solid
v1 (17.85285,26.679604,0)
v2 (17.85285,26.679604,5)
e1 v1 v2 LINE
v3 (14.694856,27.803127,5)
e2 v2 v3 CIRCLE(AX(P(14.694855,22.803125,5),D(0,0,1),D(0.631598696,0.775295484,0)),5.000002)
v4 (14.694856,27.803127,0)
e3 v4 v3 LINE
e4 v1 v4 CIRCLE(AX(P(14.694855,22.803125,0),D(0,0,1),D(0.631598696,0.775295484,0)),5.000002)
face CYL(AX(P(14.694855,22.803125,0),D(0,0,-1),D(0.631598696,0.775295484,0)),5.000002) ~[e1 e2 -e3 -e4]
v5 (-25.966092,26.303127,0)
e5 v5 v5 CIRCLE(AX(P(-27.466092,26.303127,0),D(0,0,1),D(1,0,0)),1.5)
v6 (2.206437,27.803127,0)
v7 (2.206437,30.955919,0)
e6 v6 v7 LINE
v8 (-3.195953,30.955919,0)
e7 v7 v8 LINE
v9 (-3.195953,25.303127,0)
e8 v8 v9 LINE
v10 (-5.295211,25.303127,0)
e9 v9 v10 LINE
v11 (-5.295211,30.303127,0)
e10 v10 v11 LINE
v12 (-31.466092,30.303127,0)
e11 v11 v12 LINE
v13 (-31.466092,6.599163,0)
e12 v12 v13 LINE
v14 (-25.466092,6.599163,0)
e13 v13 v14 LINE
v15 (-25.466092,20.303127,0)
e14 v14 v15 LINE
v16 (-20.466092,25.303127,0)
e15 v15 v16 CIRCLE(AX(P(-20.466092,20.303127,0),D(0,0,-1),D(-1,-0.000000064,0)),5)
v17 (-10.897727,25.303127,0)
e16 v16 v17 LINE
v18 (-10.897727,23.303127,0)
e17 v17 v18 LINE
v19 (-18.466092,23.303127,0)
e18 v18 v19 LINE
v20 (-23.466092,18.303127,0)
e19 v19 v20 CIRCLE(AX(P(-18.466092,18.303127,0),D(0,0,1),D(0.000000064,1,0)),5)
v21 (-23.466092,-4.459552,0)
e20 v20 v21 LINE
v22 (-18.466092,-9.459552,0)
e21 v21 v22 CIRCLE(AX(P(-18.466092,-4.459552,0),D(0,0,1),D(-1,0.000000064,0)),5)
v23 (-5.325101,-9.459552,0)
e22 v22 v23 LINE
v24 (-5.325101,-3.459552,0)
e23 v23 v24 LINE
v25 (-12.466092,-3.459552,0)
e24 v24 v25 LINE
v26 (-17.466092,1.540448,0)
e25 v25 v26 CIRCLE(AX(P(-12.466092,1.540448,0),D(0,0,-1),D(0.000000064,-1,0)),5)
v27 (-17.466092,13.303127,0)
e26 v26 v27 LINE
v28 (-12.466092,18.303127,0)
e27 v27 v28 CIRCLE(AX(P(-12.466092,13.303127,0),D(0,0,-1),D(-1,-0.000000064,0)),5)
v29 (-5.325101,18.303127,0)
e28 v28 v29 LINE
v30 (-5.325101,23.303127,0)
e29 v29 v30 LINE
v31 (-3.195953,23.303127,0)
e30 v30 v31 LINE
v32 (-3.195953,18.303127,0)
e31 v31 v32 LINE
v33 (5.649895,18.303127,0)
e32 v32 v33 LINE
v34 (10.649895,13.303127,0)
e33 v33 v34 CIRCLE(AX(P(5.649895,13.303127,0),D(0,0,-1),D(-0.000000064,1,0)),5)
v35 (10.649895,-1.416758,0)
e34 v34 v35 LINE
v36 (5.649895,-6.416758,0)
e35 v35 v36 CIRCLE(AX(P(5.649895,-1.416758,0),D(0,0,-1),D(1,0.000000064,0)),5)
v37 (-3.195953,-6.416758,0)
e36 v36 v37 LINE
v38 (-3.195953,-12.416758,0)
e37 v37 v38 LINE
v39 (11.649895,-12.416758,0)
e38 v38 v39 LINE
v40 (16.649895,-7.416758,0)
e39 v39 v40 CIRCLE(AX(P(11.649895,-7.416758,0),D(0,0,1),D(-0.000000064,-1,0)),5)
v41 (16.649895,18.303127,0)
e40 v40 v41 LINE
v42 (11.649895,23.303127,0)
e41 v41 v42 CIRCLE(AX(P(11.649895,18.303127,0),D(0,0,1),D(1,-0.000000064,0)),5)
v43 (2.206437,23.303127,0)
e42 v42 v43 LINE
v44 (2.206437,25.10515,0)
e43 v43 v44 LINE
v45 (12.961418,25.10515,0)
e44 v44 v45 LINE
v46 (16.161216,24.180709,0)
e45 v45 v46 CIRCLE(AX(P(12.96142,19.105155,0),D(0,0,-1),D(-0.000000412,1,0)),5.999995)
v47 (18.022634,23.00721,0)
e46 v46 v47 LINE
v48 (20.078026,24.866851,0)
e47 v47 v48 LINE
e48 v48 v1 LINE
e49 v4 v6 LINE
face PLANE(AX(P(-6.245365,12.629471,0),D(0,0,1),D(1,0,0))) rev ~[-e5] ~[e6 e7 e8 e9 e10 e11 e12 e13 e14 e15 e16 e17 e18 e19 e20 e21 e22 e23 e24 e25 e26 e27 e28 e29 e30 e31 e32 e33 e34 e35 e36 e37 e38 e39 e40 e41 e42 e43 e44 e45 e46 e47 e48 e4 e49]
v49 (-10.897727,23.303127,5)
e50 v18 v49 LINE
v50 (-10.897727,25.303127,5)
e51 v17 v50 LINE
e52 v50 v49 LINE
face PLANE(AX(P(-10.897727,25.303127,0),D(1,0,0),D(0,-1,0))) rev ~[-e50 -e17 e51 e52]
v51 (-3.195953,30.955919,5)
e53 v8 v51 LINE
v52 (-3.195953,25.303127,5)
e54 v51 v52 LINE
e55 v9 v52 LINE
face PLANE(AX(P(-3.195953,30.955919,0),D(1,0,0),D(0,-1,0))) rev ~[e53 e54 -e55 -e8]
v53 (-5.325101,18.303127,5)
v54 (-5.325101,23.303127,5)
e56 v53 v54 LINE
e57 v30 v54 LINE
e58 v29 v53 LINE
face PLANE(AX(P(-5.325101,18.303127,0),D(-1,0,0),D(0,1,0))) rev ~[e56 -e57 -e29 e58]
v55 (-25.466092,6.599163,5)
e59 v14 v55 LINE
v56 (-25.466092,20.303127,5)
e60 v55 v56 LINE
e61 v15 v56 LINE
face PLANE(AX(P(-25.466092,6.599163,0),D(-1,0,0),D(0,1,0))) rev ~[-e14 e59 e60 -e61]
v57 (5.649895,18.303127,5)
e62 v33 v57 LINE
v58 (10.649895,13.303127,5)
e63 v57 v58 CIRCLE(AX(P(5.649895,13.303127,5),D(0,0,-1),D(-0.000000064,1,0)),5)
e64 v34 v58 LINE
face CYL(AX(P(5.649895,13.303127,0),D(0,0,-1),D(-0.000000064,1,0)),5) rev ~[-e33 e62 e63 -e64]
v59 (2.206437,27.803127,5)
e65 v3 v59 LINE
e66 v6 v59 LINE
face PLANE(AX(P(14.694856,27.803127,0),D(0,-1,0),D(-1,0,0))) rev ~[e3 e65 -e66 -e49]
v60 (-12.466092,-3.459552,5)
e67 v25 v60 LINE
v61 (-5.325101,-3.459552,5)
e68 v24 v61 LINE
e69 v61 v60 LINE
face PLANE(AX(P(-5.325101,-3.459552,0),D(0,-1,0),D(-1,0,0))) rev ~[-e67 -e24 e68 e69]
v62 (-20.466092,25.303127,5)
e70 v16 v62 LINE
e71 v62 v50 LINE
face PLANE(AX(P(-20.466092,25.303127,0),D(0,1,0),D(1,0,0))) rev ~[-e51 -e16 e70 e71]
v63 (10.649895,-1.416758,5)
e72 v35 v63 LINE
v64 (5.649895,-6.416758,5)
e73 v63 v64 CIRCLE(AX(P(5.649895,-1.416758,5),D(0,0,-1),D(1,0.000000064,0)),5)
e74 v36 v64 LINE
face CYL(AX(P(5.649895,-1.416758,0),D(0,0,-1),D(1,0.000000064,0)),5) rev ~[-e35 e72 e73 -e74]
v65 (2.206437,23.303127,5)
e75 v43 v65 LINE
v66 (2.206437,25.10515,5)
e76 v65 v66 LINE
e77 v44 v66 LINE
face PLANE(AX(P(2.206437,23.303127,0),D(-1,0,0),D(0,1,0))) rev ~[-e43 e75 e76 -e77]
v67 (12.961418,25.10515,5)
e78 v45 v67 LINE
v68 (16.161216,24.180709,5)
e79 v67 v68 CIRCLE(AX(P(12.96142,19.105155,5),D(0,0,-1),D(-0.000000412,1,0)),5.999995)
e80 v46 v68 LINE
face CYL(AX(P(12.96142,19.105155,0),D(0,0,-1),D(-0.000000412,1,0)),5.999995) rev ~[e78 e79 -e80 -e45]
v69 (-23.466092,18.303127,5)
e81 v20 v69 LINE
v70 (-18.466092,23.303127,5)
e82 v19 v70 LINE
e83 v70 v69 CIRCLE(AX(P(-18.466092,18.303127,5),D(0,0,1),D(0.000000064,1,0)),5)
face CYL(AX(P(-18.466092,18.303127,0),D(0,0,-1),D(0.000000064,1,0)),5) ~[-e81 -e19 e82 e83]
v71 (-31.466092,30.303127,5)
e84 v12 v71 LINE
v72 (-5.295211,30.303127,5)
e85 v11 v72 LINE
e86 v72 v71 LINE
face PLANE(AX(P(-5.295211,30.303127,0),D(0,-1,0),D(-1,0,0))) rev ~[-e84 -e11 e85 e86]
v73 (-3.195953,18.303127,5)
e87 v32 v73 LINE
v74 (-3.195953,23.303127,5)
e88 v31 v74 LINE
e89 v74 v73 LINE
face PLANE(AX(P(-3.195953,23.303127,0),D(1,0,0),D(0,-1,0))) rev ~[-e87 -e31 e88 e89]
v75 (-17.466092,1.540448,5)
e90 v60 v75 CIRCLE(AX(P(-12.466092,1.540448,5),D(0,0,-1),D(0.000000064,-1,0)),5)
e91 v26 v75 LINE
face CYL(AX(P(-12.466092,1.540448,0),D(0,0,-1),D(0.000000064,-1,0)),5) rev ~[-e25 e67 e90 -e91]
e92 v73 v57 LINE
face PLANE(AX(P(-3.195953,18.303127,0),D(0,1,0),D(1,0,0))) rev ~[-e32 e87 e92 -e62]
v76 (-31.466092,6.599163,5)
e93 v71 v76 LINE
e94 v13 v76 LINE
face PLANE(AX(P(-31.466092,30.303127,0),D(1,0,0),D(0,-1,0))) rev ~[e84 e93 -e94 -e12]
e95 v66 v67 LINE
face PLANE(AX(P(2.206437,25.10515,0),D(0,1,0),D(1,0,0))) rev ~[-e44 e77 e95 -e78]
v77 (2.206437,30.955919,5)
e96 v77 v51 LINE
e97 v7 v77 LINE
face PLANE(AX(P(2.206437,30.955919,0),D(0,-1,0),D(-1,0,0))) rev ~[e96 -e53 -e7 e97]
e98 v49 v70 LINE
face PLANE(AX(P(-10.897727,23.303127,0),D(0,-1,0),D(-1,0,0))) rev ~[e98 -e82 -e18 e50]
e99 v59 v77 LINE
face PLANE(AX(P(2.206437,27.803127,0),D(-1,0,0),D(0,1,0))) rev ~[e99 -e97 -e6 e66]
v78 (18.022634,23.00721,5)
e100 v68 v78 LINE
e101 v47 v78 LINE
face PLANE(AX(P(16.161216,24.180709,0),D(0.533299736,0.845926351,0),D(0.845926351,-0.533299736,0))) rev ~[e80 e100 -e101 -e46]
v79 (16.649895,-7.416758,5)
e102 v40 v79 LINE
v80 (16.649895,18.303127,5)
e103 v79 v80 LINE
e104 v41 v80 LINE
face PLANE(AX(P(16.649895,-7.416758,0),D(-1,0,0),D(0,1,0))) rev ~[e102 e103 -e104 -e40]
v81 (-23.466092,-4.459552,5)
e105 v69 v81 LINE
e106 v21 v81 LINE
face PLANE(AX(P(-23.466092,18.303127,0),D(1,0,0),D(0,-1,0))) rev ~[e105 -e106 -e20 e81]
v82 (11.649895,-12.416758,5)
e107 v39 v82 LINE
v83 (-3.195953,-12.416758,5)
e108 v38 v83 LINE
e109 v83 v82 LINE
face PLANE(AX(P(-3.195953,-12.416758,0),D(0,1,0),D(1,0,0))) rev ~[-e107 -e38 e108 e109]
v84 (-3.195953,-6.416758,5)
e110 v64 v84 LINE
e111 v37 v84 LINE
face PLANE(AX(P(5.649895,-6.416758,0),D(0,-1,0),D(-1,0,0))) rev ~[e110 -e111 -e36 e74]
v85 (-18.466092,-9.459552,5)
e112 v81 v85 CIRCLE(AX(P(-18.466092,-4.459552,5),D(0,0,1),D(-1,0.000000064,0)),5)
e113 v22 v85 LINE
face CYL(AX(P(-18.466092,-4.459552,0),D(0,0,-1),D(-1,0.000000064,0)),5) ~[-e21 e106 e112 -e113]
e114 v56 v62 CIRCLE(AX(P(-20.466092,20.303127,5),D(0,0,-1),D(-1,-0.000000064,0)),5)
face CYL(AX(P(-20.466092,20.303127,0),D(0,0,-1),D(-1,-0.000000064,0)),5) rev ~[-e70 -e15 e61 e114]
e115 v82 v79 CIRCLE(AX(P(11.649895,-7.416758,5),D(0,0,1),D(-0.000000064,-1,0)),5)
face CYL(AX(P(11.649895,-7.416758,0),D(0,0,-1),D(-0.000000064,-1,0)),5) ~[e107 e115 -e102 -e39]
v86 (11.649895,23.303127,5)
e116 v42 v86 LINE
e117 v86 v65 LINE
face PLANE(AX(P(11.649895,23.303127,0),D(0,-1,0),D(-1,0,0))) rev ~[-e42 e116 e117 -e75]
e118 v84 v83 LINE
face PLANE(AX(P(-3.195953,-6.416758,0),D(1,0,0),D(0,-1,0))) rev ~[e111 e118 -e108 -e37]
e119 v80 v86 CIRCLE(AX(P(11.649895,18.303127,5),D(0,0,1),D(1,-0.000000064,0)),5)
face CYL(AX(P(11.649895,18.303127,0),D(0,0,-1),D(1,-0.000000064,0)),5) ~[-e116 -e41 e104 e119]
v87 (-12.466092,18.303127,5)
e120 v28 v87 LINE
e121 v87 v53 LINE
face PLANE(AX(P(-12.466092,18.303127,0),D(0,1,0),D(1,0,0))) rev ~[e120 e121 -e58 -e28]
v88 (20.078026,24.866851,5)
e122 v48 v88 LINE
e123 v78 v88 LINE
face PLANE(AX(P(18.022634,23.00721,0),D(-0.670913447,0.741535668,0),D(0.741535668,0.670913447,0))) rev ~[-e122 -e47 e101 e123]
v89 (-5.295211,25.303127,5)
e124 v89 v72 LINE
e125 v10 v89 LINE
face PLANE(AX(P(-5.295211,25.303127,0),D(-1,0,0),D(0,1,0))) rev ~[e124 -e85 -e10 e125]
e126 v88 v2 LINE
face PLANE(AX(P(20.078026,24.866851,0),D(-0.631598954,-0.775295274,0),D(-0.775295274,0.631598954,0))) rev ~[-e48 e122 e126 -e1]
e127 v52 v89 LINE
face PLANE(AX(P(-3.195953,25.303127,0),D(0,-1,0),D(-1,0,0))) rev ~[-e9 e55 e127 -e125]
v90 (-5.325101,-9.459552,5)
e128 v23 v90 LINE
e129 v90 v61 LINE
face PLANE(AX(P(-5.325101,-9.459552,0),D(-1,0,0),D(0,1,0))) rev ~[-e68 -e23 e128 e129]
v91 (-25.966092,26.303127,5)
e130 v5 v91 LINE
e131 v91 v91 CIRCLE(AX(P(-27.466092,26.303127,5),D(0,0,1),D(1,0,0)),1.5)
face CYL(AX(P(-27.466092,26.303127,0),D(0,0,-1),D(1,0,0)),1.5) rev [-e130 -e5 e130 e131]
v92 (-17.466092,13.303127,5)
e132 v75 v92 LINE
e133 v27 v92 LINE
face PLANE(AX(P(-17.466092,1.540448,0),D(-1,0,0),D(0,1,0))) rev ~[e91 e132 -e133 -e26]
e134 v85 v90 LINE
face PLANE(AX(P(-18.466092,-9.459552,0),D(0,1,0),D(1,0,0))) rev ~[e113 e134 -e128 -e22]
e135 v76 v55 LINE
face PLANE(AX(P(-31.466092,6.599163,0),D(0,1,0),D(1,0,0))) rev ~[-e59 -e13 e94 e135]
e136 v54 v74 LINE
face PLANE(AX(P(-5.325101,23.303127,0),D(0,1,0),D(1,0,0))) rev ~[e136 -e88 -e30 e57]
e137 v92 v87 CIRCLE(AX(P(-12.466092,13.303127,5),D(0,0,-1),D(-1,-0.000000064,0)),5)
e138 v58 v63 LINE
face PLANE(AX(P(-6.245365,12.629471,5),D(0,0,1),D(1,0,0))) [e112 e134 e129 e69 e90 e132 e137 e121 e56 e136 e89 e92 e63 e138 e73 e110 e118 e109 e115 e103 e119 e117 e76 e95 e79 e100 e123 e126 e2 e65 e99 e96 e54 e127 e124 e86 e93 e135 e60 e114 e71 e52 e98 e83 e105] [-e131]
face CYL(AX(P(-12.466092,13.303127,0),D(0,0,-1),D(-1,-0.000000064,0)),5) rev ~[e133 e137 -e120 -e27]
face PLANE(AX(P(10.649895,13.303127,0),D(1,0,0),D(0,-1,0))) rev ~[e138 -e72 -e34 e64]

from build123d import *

# Parameters (mm, degrees)
F0_R     = 1.5
F1_DEPTH = 5


with BuildPart() as f1:
    # F0 (on Top) → F1 (new body)
    with BuildSketch(Plane.XY):
        with BuildLine():
            Line((-20.466092, 25.303127), (-10.897727, 25.303127))
            Line((-10.897727, 25.303127), (-10.897727, 23.303127))
            Line((-10.897727, 23.303127), (-18.466092, 23.303127))
            ThreePointArc((-18.466092, 23.303127), (-22.001626, 21.838661), (-23.466092, 18.303127))
            Line((-23.466092, 18.303127), (-23.466092, 15.104749))
            Line((-23.466092, 15.104749), (-23.466092, 9.20962))
            Line((-23.466092, 9.20962), (-23.466092, -4.459552))
            ThreePointArc((-23.466092, -4.459552), (-22.001626, -7.995086), (-18.466092, -9.459552))
            Line((-18.466092, -9.459552), (-5.325101, -9.459552))
            Line((-5.325101, -9.459552), (-5.325101, -3.459552))
            Line((-5.325101, -3.459552), (-12.466092, -3.459552))
            ThreePointArc((-12.466092, -3.459552), (-16.001626, -1.995086), (-17.466092, 1.540448))
            Line((-17.466092, 1.540448), (-17.466092, 13.303127))
            ThreePointArc((-17.466092, 13.303127), (-16.001626, 16.838661), (-12.466092, 18.303127))
            Line((-12.466092, 18.303127), (-5.325101, 18.303127))
            Line((-5.325101, 18.303127), (-5.325101, 23.303127))
            Line((-5.325101, 23.303127), (-3.195953, 23.303127))
            Line((-3.195953, 23.303127), (-3.195953, 18.303127))
            Line((-3.195953, 18.303127), (2.206437, 18.303127))
            Line((2.206437, 18.303127), (5.649895, 18.303127))
            ThreePointArc((5.649895, 18.303127), (9.185429, 16.838661), (10.649895, 13.303127))
            Line((10.649895, 13.303127), (10.649895, -1.416758))
            ThreePointArc((10.649895, -1.416758), (9.185429, -4.952292), (5.649895, -6.416758))
            Line((5.649895, -6.416758), (-3.195953, -6.416758))
            Line((-3.195953, -6.416758), (-3.195953, -12.416758))
            Line((-3.195953, -12.416758), (10.649895, -12.416758))
            Line((10.649895, -12.416758), (11.649895, -12.416758))
            ThreePointArc((11.649895, -12.416758), (15.185429, -10.952292), (16.649895, -7.416758))
            Line((16.649895, -7.416758), (16.649895, 18.303127))
            ThreePointArc((16.649895, 18.303127), (15.185429, 21.838661), (11.649895, 23.303127))
            Line((11.649895, 23.303127), (2.206437, 23.303127))
            Line((2.206437, 23.303127), (2.206437, 25.10515))
            Line((2.206437, 25.10515), (12.961418, 25.10515))
            ThreePointArc((12.961418, 25.10515), (14.626748, 24.869409), (16.161216, 24.180709))
            Line((16.161216, 24.180709), (18.022634, 23.00721))
            Line((18.022634, 23.00721), (20.078026, 24.866851))
            Line((20.078026, 24.866851), (17.85285, 26.679604))
            ThreePointArc((17.85285, 26.679604), (16.370805, 27.51388), (14.694856, 27.803127))
            Line((14.694856, 27.803127), (2.206437, 27.803127))
            Line((2.206437, 27.803127), (2.206437, 30.955919))
            Line((2.206437, 30.955919), (-3.195953, 30.955919))
            Line((-3.195953, 30.955919), (-3.195953, 25.303127))
            Line((-3.195953, 25.303127), (-5.295211, 25.303127))
            Line((-5.295211, 25.303127), (-5.295211, 30.303127))
            Line((-5.295211, 30.303127), (-31.466092, 30.303127))
            Line((-31.466092, 30.303127), (-31.466092, 26.543299))
            Line((-31.466092, 26.543299), (-31.466092, 6.599163))
            Line((-31.466092, 6.599163), (-25.466092, 6.599163))
            Line((-25.466092, 6.599163), (-25.466092, 20.303127))
            ThreePointArc((-25.466092, 20.303127), (-24.001626, 23.838661), (-20.466092, 25.303127))
        make_face()
        with Locations((-27.466092, 26.303127)):
            Circle(F0_R, mode=Mode.SUBTRACT)
    extrude(amount=F1_DEPTH)


solid = f1.part
